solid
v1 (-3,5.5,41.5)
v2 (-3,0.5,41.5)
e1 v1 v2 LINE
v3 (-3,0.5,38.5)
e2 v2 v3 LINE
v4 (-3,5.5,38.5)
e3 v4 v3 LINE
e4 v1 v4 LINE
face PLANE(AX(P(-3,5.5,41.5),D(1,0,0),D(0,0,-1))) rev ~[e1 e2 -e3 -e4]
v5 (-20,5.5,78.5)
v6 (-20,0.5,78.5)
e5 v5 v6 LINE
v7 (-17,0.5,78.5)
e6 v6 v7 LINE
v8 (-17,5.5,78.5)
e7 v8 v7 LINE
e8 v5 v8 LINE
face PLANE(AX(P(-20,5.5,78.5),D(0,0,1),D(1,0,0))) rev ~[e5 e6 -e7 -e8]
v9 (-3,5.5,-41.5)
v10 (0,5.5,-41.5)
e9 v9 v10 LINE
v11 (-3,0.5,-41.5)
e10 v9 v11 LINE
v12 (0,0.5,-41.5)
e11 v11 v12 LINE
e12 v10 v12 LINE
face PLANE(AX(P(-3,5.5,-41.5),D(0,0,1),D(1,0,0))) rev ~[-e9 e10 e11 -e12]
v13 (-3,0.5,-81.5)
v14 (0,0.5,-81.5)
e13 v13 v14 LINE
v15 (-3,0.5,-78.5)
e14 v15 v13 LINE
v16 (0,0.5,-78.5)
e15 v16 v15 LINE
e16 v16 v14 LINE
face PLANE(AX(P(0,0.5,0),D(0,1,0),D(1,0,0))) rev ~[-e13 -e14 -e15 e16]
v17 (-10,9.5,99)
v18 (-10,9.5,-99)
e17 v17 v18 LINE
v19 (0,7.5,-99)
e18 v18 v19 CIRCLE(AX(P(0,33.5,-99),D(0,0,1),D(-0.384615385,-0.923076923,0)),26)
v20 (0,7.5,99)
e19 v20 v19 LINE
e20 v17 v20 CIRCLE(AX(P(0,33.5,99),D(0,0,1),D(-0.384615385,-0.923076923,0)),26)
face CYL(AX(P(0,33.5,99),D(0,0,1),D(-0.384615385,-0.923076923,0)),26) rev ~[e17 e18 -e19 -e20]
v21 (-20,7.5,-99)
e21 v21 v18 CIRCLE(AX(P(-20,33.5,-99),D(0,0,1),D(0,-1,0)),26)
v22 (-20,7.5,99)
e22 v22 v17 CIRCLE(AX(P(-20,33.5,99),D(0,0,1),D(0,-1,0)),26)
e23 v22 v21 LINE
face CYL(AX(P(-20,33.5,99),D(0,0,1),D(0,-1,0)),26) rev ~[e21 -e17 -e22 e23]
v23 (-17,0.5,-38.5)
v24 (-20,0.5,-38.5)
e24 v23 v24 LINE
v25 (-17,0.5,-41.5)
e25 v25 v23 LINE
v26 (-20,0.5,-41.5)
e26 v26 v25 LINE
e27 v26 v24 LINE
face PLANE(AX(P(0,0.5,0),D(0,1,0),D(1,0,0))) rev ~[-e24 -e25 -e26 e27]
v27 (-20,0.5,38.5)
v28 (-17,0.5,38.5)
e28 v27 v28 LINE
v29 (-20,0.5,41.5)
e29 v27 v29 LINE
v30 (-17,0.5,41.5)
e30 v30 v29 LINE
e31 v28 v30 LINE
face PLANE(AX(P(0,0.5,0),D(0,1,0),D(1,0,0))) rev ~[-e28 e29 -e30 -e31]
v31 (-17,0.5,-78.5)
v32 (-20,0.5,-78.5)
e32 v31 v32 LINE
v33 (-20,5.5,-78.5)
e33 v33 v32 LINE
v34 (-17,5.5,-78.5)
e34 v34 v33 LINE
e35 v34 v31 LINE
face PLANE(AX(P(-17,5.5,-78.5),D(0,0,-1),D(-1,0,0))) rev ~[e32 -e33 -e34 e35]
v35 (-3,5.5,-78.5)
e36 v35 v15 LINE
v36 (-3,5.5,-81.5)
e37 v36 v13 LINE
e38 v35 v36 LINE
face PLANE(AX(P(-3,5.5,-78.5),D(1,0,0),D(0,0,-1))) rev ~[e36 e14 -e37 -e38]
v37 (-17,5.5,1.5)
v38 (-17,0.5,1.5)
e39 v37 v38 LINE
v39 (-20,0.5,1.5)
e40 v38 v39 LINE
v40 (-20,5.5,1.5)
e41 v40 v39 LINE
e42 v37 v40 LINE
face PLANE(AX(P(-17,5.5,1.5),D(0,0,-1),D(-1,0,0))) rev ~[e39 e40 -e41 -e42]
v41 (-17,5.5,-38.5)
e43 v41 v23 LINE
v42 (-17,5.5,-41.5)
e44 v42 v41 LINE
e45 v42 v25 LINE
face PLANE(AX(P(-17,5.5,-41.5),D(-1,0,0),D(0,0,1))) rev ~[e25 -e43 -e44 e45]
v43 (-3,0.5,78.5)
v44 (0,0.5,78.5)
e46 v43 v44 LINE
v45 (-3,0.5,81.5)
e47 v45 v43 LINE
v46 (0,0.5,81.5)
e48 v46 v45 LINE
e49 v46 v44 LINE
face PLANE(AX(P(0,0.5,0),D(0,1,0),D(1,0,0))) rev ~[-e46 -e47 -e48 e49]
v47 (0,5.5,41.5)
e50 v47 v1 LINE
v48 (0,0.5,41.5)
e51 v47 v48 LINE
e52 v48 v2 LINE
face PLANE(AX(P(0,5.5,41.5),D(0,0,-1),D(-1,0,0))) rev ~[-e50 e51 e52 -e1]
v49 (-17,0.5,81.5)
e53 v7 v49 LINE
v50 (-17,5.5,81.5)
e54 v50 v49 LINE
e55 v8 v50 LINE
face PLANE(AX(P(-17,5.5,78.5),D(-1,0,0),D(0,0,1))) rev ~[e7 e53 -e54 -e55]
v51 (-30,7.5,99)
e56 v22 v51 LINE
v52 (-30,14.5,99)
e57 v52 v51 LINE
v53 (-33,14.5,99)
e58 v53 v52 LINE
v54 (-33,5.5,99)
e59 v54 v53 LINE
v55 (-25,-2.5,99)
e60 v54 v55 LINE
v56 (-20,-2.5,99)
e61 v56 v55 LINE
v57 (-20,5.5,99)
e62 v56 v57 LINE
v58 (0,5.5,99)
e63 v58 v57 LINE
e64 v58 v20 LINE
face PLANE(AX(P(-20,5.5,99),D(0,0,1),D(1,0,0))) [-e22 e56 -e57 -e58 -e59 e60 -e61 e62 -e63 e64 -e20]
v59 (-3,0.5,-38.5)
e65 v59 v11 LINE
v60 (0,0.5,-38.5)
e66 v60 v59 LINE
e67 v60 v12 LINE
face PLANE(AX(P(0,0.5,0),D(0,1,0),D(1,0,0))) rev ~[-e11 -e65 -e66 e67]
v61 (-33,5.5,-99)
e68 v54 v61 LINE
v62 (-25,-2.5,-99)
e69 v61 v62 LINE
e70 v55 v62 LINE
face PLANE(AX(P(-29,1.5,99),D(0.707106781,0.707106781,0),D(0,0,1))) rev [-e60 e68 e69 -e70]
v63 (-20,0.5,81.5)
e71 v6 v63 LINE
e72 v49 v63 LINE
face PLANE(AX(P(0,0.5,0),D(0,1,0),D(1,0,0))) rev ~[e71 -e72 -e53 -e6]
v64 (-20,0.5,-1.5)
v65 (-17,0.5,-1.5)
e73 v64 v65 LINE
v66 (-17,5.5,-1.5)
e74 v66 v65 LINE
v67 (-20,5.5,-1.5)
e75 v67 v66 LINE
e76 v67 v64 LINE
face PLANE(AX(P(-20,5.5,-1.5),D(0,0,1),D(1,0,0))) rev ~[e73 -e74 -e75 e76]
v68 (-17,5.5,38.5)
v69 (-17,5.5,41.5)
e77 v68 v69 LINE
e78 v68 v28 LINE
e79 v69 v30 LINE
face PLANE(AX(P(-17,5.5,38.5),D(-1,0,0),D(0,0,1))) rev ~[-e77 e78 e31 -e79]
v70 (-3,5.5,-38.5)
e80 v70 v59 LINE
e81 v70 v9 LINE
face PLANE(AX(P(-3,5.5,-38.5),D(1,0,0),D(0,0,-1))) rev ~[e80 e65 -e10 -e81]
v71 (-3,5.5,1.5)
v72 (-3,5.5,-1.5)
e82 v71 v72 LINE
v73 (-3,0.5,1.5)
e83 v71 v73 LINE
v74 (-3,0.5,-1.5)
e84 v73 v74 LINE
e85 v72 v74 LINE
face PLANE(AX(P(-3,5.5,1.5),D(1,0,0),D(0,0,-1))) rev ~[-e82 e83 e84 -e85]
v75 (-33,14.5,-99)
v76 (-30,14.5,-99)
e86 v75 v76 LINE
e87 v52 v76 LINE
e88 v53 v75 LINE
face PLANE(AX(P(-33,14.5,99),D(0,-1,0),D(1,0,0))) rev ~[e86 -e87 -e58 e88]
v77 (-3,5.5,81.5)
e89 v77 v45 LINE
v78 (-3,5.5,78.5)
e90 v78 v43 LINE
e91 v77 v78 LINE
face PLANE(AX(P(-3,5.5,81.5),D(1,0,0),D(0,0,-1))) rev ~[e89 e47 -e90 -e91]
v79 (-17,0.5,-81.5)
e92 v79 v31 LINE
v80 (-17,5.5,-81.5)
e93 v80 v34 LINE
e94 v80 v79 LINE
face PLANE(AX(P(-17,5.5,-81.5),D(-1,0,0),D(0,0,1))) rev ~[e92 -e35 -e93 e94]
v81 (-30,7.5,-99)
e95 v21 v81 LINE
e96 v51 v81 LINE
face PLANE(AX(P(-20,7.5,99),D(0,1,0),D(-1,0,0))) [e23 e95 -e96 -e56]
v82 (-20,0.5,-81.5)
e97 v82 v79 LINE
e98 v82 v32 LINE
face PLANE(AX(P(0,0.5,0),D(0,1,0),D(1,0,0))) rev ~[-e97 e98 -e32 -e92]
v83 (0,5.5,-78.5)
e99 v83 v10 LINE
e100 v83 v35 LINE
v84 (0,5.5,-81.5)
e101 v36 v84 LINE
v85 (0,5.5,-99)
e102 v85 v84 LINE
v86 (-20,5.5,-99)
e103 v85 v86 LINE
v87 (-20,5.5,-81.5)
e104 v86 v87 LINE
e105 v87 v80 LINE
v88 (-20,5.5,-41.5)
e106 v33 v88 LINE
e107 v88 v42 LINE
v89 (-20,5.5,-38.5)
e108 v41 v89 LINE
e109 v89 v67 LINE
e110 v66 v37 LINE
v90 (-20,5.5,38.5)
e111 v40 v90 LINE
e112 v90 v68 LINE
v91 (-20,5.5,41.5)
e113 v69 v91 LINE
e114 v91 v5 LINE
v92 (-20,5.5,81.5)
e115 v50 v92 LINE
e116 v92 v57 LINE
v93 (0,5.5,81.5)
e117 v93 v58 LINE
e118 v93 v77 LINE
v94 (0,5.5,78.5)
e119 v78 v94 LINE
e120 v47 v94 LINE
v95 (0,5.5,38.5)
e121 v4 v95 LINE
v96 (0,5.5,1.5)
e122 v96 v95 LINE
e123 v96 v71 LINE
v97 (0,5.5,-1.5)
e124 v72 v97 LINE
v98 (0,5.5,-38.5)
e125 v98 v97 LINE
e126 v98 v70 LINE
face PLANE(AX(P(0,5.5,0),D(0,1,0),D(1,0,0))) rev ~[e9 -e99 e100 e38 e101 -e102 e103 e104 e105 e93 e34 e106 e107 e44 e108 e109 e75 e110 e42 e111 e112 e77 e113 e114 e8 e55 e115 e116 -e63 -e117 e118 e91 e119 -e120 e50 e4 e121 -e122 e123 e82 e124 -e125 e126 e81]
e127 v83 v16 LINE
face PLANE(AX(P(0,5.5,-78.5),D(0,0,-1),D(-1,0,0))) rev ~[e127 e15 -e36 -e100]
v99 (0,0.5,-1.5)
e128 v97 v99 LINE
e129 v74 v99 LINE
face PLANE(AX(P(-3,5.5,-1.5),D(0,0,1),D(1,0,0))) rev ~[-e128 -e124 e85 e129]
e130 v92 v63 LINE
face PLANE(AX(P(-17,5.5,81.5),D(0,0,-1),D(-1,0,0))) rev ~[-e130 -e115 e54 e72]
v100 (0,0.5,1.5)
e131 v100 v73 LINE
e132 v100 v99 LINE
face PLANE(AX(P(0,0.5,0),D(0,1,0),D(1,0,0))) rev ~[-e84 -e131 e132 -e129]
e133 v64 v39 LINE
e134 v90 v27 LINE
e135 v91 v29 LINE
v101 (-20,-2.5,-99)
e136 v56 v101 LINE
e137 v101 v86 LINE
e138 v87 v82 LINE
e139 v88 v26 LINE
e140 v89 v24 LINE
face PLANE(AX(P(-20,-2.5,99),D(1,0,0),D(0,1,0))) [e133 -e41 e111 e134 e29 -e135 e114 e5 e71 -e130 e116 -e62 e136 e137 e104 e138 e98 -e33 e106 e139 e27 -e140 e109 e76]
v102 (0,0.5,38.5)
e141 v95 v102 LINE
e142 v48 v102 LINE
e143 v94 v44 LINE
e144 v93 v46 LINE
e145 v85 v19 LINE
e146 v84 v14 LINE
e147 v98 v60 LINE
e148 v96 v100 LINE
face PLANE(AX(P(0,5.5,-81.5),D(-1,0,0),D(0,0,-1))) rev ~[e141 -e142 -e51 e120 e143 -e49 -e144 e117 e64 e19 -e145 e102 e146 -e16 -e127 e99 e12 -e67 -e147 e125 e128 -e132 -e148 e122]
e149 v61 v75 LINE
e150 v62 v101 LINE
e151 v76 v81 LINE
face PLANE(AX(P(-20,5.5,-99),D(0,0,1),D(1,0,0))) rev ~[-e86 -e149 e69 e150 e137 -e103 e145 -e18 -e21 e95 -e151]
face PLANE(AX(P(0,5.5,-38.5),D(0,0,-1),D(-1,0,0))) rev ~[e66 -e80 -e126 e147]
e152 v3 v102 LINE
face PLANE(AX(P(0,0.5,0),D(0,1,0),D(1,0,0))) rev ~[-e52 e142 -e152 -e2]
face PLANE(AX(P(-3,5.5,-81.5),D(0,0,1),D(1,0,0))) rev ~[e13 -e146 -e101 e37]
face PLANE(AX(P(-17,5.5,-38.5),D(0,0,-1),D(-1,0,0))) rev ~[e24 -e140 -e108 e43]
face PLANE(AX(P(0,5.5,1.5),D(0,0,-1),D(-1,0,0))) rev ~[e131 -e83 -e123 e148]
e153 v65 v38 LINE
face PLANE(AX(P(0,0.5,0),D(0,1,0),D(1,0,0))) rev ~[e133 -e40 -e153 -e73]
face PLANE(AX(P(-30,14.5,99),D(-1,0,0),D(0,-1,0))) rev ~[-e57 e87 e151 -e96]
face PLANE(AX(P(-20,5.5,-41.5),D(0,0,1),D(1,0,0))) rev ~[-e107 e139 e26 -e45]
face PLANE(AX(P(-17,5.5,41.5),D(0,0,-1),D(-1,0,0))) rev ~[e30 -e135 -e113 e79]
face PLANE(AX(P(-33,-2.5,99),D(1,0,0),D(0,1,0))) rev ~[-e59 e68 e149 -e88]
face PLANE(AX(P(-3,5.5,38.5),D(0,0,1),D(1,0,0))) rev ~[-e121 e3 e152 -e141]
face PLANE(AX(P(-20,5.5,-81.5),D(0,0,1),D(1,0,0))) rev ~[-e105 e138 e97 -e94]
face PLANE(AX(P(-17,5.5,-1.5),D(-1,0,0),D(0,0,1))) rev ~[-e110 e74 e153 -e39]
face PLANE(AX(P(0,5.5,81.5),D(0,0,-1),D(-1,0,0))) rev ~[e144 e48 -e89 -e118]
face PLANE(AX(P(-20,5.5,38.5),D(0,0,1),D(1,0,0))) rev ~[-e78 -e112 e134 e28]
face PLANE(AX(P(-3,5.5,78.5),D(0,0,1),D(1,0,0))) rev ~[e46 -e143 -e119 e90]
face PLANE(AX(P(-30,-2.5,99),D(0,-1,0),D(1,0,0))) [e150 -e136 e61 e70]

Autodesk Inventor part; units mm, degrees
ref_plane "YZ Plane" through (0, 0, 0) normal (1, 0, 0) x (0, 1, 0)
ref_plane "XZ Plane" through (0, 0, 0) normal (0, 1, 0) x (-1, 0, 0)
ref_plane "XY Plane" through (0, 0, 0) normal (0, 0, 1) x (1, 0, 0)
sketch "スケッチ1" plane through (0, 0, 0) normal (0, 1, 0) x (-1, 0, 0)
  line L0 (0, 99) -> (20, 99)
  line L1 (20, 99) -> (20, -99)
  line L2 (20, -99) -> (0, -99)
  line L3 (0, -99) -> (0, 99)
  line L4 (20, -99) -> (20, -109)
  line L5 (20, -109) -> (9, -109)
  line L6 (9, -109) -> (11, -99)
  line L7 (10.5, 99) -> (8.5, 88.5)
  line L8 (8.5, 88.5) -> (20, 88.5)
  point P0 (0, 0)
  point P1 (0, 0)
  point P2 (10, -99)
  point P3 (10, 99)
  dimension "d0" = 198
  dimension "d1" = 20
  dimension "d4" = 10
  dimension "d5" = 1
  dimension "d6" = 1
  dimension "d7" = 10.5
  dimension "d8" = 1.5
  dimension "d9" = 0.5
extrude "押し出し1" add sketch "スケッチ1" along normal blind 5.5 contours L0 L7 L8 L1 L2 L3 | L2 L4 L5 L6
sketch "スケッチ2" plane through (0, 5.5, 0) normal (0, 1, 0) x (1, 0, 0)
  line L0 (-20, 109) -> (-20, -88.5) projected
  line L1 (-20, -1.5) -> (-17, -1.5)
  line L2 (-17, -1.5) -> (-17, 1.5)
  line L3 (-17, 1.5) -> (-20, 1.5)
  line L4 (-20, 1.5) -> (-20, -1.5)
  line L5 (0, -99) -> (0, 99) projected
  line L6 (0, -1.5) -> (-3, -1.5)
  line L7 (-3, -1.5) -> (-3, 1.5)
  line L8 (-3, 1.5) -> (0, 1.5)
  line L9 (0, 1.5) -> (0, -1.5)
  point P0 (0, 0)
  point P1 (-17, 0)
  point P2 (0, 0)
  point P3 (0, 1.5)
  dimension "d10" = 3
  dimension "d11" = 3
extrude "押し出し2" cut sketch "スケッチ2" against normal through all
pattern_linear "矩形状パターン1" count 3 spacing 40 along (0, 0, -1) count 3 spacing 40 along (0, 0, 1) of "押し出し2"
sketch "スケッチ3" plane through (0, 5.5, 0) normal (0, 1, 0) x (1, 0, 0)
  line L0 (-20, -88.5) -> (-8.5, -88.5) projected
  line L1 (-20, -99) -> (0, -99)
  line L2 (0, -99) -> (0, 99)
  line L3 (-20, 109) -> (-20, -88.4991)
  line L4 (-20, -38.5) -> (-17, -38.5) projected
  line L5 (-17, -38.5) -> (-17, -41.5) projected
  line L6 (-17, -41.5) -> (-20, -41.5) projected
  line L7 (-20, -41.5) -> (-20, -78.5) projected
  line L8 (-20, -78.5) -> (-17, -78.5) projected
  line L9 (-17, -78.5) -> (-17, -81.5) projected
  line L10 (-17, -81.5) -> (-20, -81.5) projected
  line L11 (-20, -81.5) -> (-20, -88.5) projected
  line L12 (-20, -88.5) -> (-8.5, -88.5) projected
  line L13 (-8.5, -88.5) -> (-10.5, -99)
  line L14 (-10.5, -99) -> (0, -99) projected
  line L15 (0, -99) -> (0, -81.5) projected
  line L16 (0, -81.5) -> (-3, -81.5) projected
  line L17 (-3, -81.5) -> (-3, -78.5) projected
  line L18 (-3, -78.5) -> (0, -78.5) projected
  line L19 (0, -78.5) -> (0, -41.5) projected
  line L20 (0, -41.5) -> (-3, -41.5) projected
  line L21 (-3, -41.5) -> (-3, -38.5) projected
  line L22 (-3, -38.5) -> (0, -38.5) projected
  line L23 (0, -38.5) -> (0, -1.5) projected
  line L24 (0, -1.5) -> (-3, -1.5) projected
  line L25 (-3, -1.5) -> (-3, 1.5) projected
  line L26 (-3, 1.5) -> (0, 1.5) projected
  line L27 (0, 1.5) -> (0, 38.5) projected
  line L28 (0, 38.5) -> (-3, 38.5) projected
  line L29 (-3, 38.5) -> (-3, 41.5) projected
  line L30 (-3, 41.5) -> (0, 41.5) projected
  line L31 (0, 41.5) -> (0, 78.5) projected
  line L32 (0, 78.5) -> (-3, 78.5) projected
  line L33 (-3, 78.5) -> (-3, 81.5) projected
  line L34 (-3, 81.5) -> (0, 81.5) projected
  line L35 (0, 81.5) -> (0, 99) projected
  line L36 (-9, 109) -> (-20, 109) projected
  line L37 (-20, 109) -> (-20, 81.5) projected
  line L38 (-20, 81.5) -> (-17, 81.5) projected
  line L39 (-17, 81.5) -> (-17, 78.5) projected
  line L40 (-17, 78.5) -> (-20, 78.5) projected
  line L41 (-20, 78.5) -> (-20, 41.5) projected
  line L42 (-20, 41.5) -> (-17, 41.5) projected
  line L43 (-17, 41.5) -> (-17, 38.5) projected
  line L44 (-17, 38.5) -> (-20, 38.5) projected
  line L45 (-20, 38.5) -> (-20, 1.5) projected
  line L46 (-20, 1.5) -> (-17, 1.5) projected
  line L47 (-17, 1.5) -> (-17, -1.5) projected
  line L48 (-17, -1.5) -> (-20, -1.5) projected
  line L49 (-20, -1.5) -> (-20, -38.5) projected
  line L50 (-20, 109) -> (-20, 81.5) projected
  line L51 (-20, -99) -> (-20, -88.4991)
  line L52 (-9, 109) -> (0, 109)
  line L53 (0, 99) -> (0, 109)
  line L54 (0, 99) -> (-20, 99)
  point P0 (0, 0)
  point P1 (-11, 99)
  point P2 (0, -78.5)
  point P3 (0, -38.5)
  point P4 (0, 41.5)
  point P5 (0, 81.5)
  point P6 (-20, -88.4991)
extrude "押し出し3" cut sketch "スケッチ3" against normal through all contours L3 L10 L9 L8 L6 L5 L4 L48 L47 L46 L44 L43 L42 L40 L39 L38 L54 L2 L34 L33 L32 L30 L29 L28 L26 L25 L24 L22 L21 L20 L18 L17 L16 L1 L13 L0 | L3 L8 L9 L10 | L3 L4 L5 L6 | L16 L17 L18 L2 | L3 L46 L47 L48 | L20 L21 L22 L2 | L3 L42 L43 L44 | L24 L25 L26 L2 | L3 L38 L39 L40 | L28 L29 L30 L2 | L3 L36 L52 L53 L54 | L32 L33 L34 L2
extrude "押し出し4" add sketch "スケッチ3" against normal blind 5 contours L3 L8 L9 L10 | L3 L4 L5 L6 | L16 L17 L18 L2 | L3 L46 L47 L48 | L20 L21 L22 L2 | L3 L42 L43 L44 | L24 L25 L26 L2 | L3 L38 L39 L40 | L28 L29 L30 L2 | L32 L33 L34 L2
extrude "押し出し5" add sketch "スケッチ3" along normal blind 2 contours L3 L10 L9 L8 L6 L5 L4 L48 L47 L46 L44 L43 L42 L40 L39 L38 L54 L2 L34 L33 L32 L30 L29 L28 L26 L25 L24 L22 L21 L20 L18 L17 L16 L1 L13 L0 | L0 L13 L1 L51 | L3 L8 L9 L10 | L3 L4 L5 L6 | L16 L17 L18 L2 | L3 L46 L47 L48 | L20 L21 L22 L2 | L3 L42 L43 L44 | L24 L25 L26 L2 | L3 L38 L39 L40 | L28 L29 L30 L2 | L32 L33 L34 L2
sketch "スケッチ4" plane through (-20, 5.5, 99) normal (0, 0, 1) x (1, 0, 0)
  arc A0 (0, 2) -> (10, 4) centre (0, 28) ccw
  line L0 (0, 2) -> (20, 2) projected
  arc A1 (10, 4) -> (20, 2) centre (20, 28) ccw
  line L1 (10, 4) -> (10, 2) construction
  point P0 (20, -5.5)
  point P1 (14.6904, 2)
  point P2 (5.3096, 2)
  dimension "d27" = 2
extrude "押し出し6" add sketch "スケッチ4" against normal up to surface (198 mm away)
sketch "スケッチ8" plane through (-20, 5.5, 99) normal (0, 0, 1) x (1, 0, 0)
  arc A0 (0, 2) -> (10, 4) centre (0, 28) ccw projected
  line L0 (0, 2) -> (-10, 2)
  line L1 (-10, 2) -> (-10, -8)
  line L2 (-10, -8) -> (0, -8)
  line L3 (0, -8) -> (0, 2)
  line L4 (-10, -8) -> (-13, -8)
  line L5 (-13, -8) -> (-13, 9)
  line L6 (-13, 9) -> (-10, 9)
  line L7 (-10, 9) -> (-10, -8)
  point P0 (20, -5.5)
  dimension "d44" = 7
  dimension "d45" = 3
  dimension "d46" = 10
  dimension "d47" = 10
extrude "押し出し9" add sketch "スケッチ8" against normal up to surface (198 mm away)
chamfer "面取り3" distance 8 angle 45 1 edges at (-33, -2.5, 0)
properties part number "front_rail"
